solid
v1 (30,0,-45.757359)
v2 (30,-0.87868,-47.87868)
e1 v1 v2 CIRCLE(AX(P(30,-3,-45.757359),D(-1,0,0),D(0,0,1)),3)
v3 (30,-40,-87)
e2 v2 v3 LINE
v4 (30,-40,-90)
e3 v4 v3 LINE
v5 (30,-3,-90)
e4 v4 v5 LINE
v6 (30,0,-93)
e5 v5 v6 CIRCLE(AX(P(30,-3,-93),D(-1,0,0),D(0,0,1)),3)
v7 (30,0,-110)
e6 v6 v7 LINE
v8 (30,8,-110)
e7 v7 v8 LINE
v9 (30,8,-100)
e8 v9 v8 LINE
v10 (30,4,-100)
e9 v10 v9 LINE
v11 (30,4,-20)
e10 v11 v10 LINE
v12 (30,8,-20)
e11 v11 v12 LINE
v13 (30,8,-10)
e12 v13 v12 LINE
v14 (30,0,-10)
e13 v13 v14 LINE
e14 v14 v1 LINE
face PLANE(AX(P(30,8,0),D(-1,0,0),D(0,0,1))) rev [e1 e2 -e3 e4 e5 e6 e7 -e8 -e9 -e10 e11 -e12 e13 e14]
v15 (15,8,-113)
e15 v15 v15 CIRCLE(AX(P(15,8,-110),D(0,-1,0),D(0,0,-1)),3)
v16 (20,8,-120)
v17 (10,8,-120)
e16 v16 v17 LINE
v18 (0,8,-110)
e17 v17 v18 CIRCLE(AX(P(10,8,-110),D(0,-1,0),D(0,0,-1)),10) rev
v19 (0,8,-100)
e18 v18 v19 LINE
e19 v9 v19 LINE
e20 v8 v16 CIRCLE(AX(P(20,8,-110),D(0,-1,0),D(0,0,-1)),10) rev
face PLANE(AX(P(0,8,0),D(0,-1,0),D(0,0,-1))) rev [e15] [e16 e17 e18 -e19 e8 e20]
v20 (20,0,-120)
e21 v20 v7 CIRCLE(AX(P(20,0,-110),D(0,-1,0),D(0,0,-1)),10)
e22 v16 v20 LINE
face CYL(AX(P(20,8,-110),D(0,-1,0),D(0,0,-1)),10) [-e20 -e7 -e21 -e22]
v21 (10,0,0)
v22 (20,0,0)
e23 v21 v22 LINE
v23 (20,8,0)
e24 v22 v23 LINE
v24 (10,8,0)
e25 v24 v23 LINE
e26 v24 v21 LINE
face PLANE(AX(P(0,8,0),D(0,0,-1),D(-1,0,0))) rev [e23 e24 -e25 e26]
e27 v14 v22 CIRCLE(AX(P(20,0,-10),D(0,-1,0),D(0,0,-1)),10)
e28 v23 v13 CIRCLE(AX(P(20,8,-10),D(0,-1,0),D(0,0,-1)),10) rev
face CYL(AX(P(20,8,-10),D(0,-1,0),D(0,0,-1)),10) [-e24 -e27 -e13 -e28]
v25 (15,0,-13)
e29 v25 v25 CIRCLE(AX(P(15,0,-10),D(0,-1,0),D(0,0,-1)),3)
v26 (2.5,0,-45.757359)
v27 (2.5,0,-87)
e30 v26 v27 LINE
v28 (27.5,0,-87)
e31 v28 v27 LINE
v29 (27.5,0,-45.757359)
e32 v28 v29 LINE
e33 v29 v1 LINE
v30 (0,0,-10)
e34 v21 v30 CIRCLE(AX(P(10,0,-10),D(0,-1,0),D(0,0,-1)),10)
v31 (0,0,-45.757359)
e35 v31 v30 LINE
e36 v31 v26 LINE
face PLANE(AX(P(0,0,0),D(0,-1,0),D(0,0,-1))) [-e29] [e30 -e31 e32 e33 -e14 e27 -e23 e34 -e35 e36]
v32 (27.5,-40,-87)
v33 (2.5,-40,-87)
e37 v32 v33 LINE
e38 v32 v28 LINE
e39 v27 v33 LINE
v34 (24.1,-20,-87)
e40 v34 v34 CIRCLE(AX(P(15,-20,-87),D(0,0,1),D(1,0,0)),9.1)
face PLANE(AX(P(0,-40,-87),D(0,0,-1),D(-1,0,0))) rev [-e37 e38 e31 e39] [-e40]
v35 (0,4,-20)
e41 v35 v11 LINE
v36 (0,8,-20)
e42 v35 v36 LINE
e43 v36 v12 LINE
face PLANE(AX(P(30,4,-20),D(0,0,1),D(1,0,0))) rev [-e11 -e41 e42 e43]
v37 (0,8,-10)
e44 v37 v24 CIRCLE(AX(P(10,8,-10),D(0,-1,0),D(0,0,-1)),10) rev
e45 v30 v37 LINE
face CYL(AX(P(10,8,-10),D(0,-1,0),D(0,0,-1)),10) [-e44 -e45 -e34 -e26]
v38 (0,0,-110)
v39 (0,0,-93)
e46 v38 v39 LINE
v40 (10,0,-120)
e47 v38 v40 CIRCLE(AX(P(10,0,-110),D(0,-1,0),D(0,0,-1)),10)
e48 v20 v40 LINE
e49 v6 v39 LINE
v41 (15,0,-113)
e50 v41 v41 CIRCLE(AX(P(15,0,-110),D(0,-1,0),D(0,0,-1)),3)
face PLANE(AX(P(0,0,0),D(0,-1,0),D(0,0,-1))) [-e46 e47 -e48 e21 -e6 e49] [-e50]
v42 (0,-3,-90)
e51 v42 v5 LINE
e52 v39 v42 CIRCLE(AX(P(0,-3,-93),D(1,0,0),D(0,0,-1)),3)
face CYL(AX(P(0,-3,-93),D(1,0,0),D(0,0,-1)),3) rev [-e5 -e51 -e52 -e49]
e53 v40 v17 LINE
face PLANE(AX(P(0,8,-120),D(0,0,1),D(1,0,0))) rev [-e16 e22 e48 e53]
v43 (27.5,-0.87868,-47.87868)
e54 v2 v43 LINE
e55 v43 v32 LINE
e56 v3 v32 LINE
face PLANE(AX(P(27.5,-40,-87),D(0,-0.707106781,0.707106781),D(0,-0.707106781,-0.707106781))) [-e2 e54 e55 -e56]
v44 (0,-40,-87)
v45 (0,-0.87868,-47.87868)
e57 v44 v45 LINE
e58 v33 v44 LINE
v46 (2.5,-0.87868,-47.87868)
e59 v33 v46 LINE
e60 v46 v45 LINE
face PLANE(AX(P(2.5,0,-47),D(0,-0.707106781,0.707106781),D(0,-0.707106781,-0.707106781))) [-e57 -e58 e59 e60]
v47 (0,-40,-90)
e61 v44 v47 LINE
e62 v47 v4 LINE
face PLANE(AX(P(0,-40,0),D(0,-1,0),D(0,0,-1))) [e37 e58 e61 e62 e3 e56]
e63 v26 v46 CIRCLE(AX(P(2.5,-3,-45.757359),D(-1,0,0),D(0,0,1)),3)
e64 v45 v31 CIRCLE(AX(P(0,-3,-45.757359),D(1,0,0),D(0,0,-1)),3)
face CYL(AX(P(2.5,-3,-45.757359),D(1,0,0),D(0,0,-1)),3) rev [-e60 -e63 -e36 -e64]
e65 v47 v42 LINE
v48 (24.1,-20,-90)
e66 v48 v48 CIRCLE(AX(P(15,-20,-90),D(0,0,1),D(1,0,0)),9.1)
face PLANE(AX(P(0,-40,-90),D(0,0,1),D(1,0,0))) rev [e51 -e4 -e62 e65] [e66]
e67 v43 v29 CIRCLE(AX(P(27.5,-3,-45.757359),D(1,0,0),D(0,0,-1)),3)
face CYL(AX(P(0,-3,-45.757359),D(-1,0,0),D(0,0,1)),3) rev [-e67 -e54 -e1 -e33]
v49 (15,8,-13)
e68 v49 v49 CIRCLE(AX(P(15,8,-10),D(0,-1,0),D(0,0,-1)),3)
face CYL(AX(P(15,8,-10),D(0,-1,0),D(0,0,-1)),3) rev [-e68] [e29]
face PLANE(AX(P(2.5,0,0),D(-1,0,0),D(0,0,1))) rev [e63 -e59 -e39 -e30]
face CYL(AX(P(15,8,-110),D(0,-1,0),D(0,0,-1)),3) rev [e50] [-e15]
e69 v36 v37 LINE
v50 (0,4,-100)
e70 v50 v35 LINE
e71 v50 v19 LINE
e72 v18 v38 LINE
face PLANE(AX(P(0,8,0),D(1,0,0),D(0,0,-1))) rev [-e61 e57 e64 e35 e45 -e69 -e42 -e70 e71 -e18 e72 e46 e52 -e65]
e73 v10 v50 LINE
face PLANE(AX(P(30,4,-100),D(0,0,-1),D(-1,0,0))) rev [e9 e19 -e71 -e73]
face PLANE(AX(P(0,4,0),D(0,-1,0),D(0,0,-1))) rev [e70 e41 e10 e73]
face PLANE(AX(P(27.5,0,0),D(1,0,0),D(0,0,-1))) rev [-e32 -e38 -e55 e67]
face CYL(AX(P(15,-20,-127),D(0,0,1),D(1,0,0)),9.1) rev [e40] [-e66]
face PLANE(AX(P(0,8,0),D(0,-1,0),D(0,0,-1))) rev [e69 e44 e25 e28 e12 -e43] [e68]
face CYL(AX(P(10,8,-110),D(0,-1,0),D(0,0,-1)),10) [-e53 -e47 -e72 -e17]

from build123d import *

# Parameters (mm, degrees)
SKETCH1_W           = 30
SKETCH1_H           = 120
BOSS_EXTRUDE1_DEPTH = 8
SKETCH2_W           = 30
SKETCH2_H           = 80
CUT_EXTRUDE1_DEPTH  = 4
SKETCH3_W           = 30
SKETCH3_H           = 3
BOSS_EXTRUDE2_DEPTH = 40
SKETCH4_R           = 9.1
CUT_EXTRUDE2_DEPTH  = 40
BOSS_EXTRUDE3_DEPTH = 2.5
BOSS_EXTRUDE4_DEPTH = 2.5
SKETCH7_R           = 3
CUT_EXTRUDE3_DEPTH  = 131
FILLET1_R           = 10
FILLET2_R           = 3
FILLET3_R           = 3


with BuildPart() as part:
    # Sketch1 → Boss-Extrude1 (new body)
    with BuildSketch(Plane(origin=(0, 0, 0), x_dir=(1, 0, 0), z_dir=(0, 1, 0))):
        with Locations((15, 60)):
            Rectangle(SKETCH1_W, SKETCH1_H)
    extrude(amount=BOSS_EXTRUDE1_DEPTH)

    # Sketch2 → Cut-Extrude1 (cut)
    with BuildSketch(Plane(origin=(0, 8, 0), x_dir=(1, 0, 0), z_dir=(0, 1, 0))):
        with Locations((15, 60)):
            Rectangle(SKETCH2_W, SKETCH2_H)
    extrude(amount=-CUT_EXTRUDE1_DEPTH, mode=Mode.SUBTRACT)

    # Sketch3 → Boss-Extrude2 (add)
    with BuildSketch(Plane.XZ):
        with Locations((15, -88.5)):
            Rectangle(SKETCH3_W, SKETCH3_H)
    extrude(amount=BOSS_EXTRUDE2_DEPTH)

    # Sketch4 → Cut-Extrude2 (cut)
    with BuildSketch(Plane.XY.offset(-87)):
        with Locations((15, -20)):
            Circle(SKETCH4_R)
    extrude(amount=-CUT_EXTRUDE2_DEPTH, mode=Mode.SUBTRACT)

    # Sketch5 → Boss-Extrude3 (add)
    with BuildSketch(Plane(origin=(30, 0, 0), x_dir=(0, 0, -1), z_dir=(1, 0, 0))):
        Polygon((87, -40), (47, 0), (87, 0), align=None)
    extrude(amount=-BOSS_EXTRUDE3_DEPTH)

    # Sketch6 → Boss-Extrude4 (add)
    with BuildSketch(Plane.ZY):
        Polygon((-47, 0), (-87, -40), (-87, 0), align=None)
    extrude(amount=-BOSS_EXTRUDE4_DEPTH)

    # Sketch7 → Cut-Extrude3 (cut, through all)
    with BuildSketch(Plane(origin=(0, 0, 0), x_dir=(-1, 0, 0), z_dir=(0, -1, 0))):
        with Locations(Location((-15, 10, 0), (0, 0, 90))):
            Circle(SKETCH7_R)
        with Locations(Location((-15, 110, 0), (0, 0, 90))):
            Circle(SKETCH7_R)
    extrude(amount=-CUT_EXTRUDE3_DEPTH, mode=Mode.SUBTRACT)

    # Fillet1
    fillet1_edges = [part.edges().sort_by_distance(p)[0] for p in [
        (0, 4, -120),
        (30, 4, -120),
        (30, 4, 0),
        (0, 4, 0),
    ]]
    fillet(fillet1_edges, radius=FILLET1_R)

    # Fillet2
    fillet2_edges = [part.edges().sort_by_distance(p)[0] for p in [
        (15, 0, -90),
    ]]
    fillet(fillet2_edges, radius=FILLET2_R)

    # Fillet3
    fillet3_edges = [part.edges().sort_by_distance(p)[0] for p in [
        (28.75, 0, -47),
        (1.25, 0, -47),
    ]]
    fillet(fillet3_edges, radius=FILLET3_R)


solid = part.part
